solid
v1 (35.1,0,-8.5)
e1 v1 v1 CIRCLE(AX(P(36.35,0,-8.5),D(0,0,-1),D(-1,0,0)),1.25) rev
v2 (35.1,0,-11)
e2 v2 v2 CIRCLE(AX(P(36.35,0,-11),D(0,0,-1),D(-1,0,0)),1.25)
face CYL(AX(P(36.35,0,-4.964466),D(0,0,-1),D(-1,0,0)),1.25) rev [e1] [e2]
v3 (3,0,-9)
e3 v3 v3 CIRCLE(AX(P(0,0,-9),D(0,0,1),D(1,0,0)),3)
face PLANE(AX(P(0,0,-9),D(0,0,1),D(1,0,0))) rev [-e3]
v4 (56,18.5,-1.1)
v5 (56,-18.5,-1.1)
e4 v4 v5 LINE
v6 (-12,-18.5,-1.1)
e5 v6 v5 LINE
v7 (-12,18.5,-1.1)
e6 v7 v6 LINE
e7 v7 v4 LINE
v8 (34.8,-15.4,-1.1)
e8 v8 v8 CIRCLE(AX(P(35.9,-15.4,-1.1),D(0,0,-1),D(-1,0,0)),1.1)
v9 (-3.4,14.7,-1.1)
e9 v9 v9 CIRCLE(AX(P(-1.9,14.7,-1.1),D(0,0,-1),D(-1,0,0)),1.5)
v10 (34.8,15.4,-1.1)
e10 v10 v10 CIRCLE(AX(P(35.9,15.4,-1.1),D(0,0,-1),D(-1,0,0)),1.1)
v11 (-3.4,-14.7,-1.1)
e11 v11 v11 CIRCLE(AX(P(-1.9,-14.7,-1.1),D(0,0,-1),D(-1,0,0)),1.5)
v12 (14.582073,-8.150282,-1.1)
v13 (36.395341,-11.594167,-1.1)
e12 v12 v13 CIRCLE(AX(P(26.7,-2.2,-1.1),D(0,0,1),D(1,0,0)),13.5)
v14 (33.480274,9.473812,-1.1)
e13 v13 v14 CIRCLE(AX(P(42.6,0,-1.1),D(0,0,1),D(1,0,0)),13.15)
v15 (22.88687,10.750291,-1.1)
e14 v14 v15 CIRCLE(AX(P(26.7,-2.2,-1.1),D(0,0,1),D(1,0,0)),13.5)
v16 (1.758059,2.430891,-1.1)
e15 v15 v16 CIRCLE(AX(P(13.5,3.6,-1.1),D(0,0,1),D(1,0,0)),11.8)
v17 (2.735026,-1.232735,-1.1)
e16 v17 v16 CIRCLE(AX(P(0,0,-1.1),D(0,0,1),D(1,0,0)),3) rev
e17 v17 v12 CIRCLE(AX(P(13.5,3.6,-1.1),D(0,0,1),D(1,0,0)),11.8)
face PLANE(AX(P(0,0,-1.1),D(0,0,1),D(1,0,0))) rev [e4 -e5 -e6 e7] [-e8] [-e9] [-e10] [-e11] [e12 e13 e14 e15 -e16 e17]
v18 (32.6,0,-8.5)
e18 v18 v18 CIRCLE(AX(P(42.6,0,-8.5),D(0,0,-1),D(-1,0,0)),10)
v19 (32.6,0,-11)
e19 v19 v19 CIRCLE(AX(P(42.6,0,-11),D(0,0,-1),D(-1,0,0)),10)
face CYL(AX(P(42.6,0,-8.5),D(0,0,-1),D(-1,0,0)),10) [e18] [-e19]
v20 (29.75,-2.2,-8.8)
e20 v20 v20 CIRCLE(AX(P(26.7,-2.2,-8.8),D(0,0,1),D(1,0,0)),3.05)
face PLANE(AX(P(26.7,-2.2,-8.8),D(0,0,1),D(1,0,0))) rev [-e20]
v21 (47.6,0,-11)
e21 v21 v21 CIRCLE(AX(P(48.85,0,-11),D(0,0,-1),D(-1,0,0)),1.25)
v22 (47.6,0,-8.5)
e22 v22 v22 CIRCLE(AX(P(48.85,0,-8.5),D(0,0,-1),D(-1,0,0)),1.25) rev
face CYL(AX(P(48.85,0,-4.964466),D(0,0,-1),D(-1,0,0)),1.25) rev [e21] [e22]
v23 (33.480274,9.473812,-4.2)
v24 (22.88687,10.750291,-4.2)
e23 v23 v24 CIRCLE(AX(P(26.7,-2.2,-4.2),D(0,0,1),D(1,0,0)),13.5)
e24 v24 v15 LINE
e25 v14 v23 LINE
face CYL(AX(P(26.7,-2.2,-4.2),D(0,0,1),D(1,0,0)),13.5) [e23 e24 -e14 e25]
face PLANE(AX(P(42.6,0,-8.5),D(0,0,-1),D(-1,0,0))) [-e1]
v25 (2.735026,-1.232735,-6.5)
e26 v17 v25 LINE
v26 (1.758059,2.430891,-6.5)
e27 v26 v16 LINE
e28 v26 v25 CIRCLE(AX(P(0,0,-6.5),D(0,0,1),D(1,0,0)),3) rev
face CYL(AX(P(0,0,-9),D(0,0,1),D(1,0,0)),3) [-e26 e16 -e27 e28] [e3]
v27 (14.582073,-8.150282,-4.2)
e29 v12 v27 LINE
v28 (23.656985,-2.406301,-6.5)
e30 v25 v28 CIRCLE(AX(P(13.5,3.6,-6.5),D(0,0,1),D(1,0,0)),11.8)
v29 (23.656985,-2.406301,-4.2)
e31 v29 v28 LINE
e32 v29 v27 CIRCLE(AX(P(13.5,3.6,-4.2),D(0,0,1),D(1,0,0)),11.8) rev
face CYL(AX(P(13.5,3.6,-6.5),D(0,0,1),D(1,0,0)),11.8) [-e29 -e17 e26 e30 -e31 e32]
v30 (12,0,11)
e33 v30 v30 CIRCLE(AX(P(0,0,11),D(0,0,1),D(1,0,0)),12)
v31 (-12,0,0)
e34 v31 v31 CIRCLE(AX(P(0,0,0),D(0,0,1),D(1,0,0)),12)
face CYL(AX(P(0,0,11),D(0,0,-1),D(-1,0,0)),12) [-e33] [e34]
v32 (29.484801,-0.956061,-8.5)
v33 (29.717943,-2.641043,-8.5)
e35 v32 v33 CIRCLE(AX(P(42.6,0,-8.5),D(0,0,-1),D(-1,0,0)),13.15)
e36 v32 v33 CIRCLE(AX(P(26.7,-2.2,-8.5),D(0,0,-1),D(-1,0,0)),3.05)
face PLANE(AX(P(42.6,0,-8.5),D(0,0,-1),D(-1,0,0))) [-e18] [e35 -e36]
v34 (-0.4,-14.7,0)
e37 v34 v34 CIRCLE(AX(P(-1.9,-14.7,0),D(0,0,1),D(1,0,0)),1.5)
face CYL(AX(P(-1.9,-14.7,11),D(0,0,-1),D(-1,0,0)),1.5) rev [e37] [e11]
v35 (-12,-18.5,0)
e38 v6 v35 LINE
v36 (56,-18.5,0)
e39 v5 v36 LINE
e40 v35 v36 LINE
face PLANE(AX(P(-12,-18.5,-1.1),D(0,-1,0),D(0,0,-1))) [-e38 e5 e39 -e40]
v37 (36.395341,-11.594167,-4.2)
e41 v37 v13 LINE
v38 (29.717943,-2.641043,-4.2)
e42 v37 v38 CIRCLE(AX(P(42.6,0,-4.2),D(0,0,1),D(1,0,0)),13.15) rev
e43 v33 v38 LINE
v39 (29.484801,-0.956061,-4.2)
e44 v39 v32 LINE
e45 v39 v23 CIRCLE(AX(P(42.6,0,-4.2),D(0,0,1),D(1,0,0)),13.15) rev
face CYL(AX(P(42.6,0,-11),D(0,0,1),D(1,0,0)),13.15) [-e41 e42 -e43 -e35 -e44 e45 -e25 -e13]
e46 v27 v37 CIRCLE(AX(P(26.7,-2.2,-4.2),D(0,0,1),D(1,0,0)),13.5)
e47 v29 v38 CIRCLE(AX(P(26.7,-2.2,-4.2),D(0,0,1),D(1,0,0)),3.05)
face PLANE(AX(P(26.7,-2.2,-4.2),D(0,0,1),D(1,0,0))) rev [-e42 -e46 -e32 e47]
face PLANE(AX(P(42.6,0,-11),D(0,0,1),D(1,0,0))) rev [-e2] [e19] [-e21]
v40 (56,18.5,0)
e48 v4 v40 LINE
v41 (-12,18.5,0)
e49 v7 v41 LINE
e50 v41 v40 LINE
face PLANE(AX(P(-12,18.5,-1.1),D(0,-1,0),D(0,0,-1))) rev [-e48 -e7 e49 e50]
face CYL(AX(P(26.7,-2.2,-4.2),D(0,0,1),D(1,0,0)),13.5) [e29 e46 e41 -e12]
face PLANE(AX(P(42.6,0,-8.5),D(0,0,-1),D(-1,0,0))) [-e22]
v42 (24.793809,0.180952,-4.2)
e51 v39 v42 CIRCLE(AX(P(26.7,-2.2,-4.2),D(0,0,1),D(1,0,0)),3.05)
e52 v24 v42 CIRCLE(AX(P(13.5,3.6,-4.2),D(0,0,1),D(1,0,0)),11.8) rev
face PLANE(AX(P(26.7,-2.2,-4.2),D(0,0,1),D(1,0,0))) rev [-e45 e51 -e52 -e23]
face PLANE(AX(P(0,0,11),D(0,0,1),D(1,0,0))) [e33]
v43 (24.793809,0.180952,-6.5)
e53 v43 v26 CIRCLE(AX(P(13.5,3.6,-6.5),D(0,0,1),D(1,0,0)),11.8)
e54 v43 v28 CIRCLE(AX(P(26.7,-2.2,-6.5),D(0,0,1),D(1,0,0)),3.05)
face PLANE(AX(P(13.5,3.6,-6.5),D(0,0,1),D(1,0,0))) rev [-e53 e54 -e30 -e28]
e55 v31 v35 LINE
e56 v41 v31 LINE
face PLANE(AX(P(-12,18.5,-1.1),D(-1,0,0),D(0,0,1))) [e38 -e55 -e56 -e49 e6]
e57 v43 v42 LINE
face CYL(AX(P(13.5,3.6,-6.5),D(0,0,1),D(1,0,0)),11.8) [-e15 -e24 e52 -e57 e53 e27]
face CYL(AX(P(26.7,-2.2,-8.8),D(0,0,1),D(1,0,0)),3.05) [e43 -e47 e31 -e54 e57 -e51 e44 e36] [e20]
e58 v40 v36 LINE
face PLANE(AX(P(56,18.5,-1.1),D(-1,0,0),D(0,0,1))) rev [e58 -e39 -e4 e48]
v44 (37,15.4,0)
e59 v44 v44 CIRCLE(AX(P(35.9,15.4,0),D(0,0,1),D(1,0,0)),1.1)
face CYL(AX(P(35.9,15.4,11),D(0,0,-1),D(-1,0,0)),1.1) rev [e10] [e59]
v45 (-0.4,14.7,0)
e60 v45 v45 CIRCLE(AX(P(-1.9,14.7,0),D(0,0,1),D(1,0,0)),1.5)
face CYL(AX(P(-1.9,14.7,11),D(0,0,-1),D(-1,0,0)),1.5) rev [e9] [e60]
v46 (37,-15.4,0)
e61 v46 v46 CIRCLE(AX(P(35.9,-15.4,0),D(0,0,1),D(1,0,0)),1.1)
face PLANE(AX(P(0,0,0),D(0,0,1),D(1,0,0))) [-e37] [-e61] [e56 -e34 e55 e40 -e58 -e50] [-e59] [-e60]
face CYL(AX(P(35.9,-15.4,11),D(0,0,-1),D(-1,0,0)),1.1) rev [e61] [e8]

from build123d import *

# Parameters (mm, degrees)
SKETCH_1_R          = 12
EXTRUDE_1_DEPTH     = 11
EXTRUDE_START       = -11
SKETCH_2_R          = 3
EXTRUDE_2_DEPTH     = 20
SKETCH_3_W          = 68
SKETCH_3_H          = 37
EXTRUDE_3_DEPTH     = 1.1
SKETCH_3_3_R        = 13.15
EXTRUDE_4_DEPTH     = 11
CUT_EXTRUDE_START   = -2.5
SKETCH_5_R          = 13.15
SKETCH_5_R_2        = 10
CUT_EXTRUDE_2_DEPTH = 2.5
EXTRUDE_START_2     = -1.1
SKETCH_6_R          = 11.8
EXTRUDE_5_DEPTH     = 6.5
SKETCH_6_3_R        = 13.5
EXTRUDE_6_DEPTH     = 4.2
SKETCH_6_4_R        = 3.05
EXTRUDE_7_DEPTH     = 8.8
SKETCH_4_R          = 1.5
SKETCH_4_R_2        = 1.1
CUT_EXTRUDE_1_DEPTH = 61.205149281
SKETCH_7_R          = 1.25
CUT_EXTRUDE_3_DEPTH = 2.5


with BuildPart() as part:
    # 草图1 → 凸台-拉伸1 (new body)
    with BuildSketch(Plane.XY):
        Circle(SKETCH_1_R)
    extrude(amount=EXTRUDE_1_DEPTH)

    # 草图2 → 凸台-拉伸2 (add)
    with BuildSketch(Plane(origin=(0, 0, 0), x_dir=(-1, 0, 0), z_dir=(0, 0, -1)).offset(EXTRUDE_START)):
        with Locations(Location((0, 0, 0), (0, 0, 180))):
            Circle(SKETCH_2_R)
    extrude(amount=EXTRUDE_2_DEPTH)

    # 草图3 → 凸台-拉伸3 (add)
    with BuildSketch(Plane.XY):
        with Locations((22, 0)):
            Rectangle(SKETCH_3_W, SKETCH_3_H)
    extrude(amount=-EXTRUDE_3_DEPTH)

    # 草图3<3> → 凸台-拉伸4 (add)
    with BuildSketch(Plane.XY):
        with Locations((42.6, 0)):
            Circle(SKETCH_3_3_R)
    extrude(amount=-EXTRUDE_4_DEPTH)

    # 草图5 → 切除-拉伸2 (cut)
    with BuildSketch(Plane(origin=(0, 0, -11), x_dir=(-1, 0, 0), z_dir=(0, 0, -1)).offset(CUT_EXTRUDE_START)):
        with Locations(Location((-42.6, 0, 0), (0, 0, 180))):
            Circle(SKETCH_5_R)
        with Locations((-42.6, 0)):
            Circle(SKETCH_5_R_2, mode=Mode.SUBTRACT)
    extrude(amount=CUT_EXTRUDE_2_DEPTH, mode=Mode.SUBTRACT)

    # 草图6 → 凸台-拉伸5 (add)
    with BuildSketch(Plane(origin=(0, 0, -1.1), x_dir=(-1, 0, 0), z_dir=(0, 0, -1)).offset(EXTRUDE_START_2)):
        with Locations((-13.5, 3.6)):
            Circle(SKETCH_6_R)
    extrude(amount=EXTRUDE_5_DEPTH)

    # 草图6<3> → 凸台-拉伸6 (add)
    with BuildSketch(Plane(origin=(0, 0, -1.1), x_dir=(-1, 0, 0), z_dir=(0, 0, -1)).offset(EXTRUDE_START_2)):
        with Locations((-26.7, -2.2)):
            Circle(SKETCH_6_3_R)
    extrude(amount=EXTRUDE_6_DEPTH)

    # 草图6<4> → 凸台-拉伸7 (add)
    with BuildSketch(Plane(origin=(0, 0, -1.1), x_dir=(-1, 0, 0), z_dir=(0, 0, -1)).offset(EXTRUDE_START_2)):
        with Locations(Location((-26.7, -2.2, 0), (0, 0, 180))):
            Circle(SKETCH_6_4_R)
    extrude(amount=EXTRUDE_7_DEPTH)

    # 草图4 → 切除-拉伸1 (cut, through all)
    with BuildSketch(Plane(origin=(0, 0, -1.1), x_dir=(-1, 0, 0), z_dir=(0, 0, -1))):
        with Locations((1.9, 14.7)):
            Circle(SKETCH_4_R)
        with Locations((1.9, -14.7)):
            Circle(SKETCH_4_R)
        with Locations((-35.9, 15.4)):
            Circle(SKETCH_4_R_2)
        with Locations((-35.9, -15.4)):
            Circle(SKETCH_4_R_2)
    extrude(amount=-CUT_EXTRUDE_1_DEPTH, mode=Mode.SUBTRACT)

    # 草图7 → 切除-拉伸3 (cut)
    with BuildSketch(Plane(origin=(0, 0, -11), x_dir=(-1, 0, 0), z_dir=(0, 0, -1))):
        with Locations((-48.85, 0)):
            Circle(SKETCH_7_R)
        with Locations((-36.35, 0)):
            Circle(SKETCH_7_R)
    extrude(amount=-CUT_EXTRUDE_3_DEPTH, mode=Mode.SUBTRACT)


solid = part.part
